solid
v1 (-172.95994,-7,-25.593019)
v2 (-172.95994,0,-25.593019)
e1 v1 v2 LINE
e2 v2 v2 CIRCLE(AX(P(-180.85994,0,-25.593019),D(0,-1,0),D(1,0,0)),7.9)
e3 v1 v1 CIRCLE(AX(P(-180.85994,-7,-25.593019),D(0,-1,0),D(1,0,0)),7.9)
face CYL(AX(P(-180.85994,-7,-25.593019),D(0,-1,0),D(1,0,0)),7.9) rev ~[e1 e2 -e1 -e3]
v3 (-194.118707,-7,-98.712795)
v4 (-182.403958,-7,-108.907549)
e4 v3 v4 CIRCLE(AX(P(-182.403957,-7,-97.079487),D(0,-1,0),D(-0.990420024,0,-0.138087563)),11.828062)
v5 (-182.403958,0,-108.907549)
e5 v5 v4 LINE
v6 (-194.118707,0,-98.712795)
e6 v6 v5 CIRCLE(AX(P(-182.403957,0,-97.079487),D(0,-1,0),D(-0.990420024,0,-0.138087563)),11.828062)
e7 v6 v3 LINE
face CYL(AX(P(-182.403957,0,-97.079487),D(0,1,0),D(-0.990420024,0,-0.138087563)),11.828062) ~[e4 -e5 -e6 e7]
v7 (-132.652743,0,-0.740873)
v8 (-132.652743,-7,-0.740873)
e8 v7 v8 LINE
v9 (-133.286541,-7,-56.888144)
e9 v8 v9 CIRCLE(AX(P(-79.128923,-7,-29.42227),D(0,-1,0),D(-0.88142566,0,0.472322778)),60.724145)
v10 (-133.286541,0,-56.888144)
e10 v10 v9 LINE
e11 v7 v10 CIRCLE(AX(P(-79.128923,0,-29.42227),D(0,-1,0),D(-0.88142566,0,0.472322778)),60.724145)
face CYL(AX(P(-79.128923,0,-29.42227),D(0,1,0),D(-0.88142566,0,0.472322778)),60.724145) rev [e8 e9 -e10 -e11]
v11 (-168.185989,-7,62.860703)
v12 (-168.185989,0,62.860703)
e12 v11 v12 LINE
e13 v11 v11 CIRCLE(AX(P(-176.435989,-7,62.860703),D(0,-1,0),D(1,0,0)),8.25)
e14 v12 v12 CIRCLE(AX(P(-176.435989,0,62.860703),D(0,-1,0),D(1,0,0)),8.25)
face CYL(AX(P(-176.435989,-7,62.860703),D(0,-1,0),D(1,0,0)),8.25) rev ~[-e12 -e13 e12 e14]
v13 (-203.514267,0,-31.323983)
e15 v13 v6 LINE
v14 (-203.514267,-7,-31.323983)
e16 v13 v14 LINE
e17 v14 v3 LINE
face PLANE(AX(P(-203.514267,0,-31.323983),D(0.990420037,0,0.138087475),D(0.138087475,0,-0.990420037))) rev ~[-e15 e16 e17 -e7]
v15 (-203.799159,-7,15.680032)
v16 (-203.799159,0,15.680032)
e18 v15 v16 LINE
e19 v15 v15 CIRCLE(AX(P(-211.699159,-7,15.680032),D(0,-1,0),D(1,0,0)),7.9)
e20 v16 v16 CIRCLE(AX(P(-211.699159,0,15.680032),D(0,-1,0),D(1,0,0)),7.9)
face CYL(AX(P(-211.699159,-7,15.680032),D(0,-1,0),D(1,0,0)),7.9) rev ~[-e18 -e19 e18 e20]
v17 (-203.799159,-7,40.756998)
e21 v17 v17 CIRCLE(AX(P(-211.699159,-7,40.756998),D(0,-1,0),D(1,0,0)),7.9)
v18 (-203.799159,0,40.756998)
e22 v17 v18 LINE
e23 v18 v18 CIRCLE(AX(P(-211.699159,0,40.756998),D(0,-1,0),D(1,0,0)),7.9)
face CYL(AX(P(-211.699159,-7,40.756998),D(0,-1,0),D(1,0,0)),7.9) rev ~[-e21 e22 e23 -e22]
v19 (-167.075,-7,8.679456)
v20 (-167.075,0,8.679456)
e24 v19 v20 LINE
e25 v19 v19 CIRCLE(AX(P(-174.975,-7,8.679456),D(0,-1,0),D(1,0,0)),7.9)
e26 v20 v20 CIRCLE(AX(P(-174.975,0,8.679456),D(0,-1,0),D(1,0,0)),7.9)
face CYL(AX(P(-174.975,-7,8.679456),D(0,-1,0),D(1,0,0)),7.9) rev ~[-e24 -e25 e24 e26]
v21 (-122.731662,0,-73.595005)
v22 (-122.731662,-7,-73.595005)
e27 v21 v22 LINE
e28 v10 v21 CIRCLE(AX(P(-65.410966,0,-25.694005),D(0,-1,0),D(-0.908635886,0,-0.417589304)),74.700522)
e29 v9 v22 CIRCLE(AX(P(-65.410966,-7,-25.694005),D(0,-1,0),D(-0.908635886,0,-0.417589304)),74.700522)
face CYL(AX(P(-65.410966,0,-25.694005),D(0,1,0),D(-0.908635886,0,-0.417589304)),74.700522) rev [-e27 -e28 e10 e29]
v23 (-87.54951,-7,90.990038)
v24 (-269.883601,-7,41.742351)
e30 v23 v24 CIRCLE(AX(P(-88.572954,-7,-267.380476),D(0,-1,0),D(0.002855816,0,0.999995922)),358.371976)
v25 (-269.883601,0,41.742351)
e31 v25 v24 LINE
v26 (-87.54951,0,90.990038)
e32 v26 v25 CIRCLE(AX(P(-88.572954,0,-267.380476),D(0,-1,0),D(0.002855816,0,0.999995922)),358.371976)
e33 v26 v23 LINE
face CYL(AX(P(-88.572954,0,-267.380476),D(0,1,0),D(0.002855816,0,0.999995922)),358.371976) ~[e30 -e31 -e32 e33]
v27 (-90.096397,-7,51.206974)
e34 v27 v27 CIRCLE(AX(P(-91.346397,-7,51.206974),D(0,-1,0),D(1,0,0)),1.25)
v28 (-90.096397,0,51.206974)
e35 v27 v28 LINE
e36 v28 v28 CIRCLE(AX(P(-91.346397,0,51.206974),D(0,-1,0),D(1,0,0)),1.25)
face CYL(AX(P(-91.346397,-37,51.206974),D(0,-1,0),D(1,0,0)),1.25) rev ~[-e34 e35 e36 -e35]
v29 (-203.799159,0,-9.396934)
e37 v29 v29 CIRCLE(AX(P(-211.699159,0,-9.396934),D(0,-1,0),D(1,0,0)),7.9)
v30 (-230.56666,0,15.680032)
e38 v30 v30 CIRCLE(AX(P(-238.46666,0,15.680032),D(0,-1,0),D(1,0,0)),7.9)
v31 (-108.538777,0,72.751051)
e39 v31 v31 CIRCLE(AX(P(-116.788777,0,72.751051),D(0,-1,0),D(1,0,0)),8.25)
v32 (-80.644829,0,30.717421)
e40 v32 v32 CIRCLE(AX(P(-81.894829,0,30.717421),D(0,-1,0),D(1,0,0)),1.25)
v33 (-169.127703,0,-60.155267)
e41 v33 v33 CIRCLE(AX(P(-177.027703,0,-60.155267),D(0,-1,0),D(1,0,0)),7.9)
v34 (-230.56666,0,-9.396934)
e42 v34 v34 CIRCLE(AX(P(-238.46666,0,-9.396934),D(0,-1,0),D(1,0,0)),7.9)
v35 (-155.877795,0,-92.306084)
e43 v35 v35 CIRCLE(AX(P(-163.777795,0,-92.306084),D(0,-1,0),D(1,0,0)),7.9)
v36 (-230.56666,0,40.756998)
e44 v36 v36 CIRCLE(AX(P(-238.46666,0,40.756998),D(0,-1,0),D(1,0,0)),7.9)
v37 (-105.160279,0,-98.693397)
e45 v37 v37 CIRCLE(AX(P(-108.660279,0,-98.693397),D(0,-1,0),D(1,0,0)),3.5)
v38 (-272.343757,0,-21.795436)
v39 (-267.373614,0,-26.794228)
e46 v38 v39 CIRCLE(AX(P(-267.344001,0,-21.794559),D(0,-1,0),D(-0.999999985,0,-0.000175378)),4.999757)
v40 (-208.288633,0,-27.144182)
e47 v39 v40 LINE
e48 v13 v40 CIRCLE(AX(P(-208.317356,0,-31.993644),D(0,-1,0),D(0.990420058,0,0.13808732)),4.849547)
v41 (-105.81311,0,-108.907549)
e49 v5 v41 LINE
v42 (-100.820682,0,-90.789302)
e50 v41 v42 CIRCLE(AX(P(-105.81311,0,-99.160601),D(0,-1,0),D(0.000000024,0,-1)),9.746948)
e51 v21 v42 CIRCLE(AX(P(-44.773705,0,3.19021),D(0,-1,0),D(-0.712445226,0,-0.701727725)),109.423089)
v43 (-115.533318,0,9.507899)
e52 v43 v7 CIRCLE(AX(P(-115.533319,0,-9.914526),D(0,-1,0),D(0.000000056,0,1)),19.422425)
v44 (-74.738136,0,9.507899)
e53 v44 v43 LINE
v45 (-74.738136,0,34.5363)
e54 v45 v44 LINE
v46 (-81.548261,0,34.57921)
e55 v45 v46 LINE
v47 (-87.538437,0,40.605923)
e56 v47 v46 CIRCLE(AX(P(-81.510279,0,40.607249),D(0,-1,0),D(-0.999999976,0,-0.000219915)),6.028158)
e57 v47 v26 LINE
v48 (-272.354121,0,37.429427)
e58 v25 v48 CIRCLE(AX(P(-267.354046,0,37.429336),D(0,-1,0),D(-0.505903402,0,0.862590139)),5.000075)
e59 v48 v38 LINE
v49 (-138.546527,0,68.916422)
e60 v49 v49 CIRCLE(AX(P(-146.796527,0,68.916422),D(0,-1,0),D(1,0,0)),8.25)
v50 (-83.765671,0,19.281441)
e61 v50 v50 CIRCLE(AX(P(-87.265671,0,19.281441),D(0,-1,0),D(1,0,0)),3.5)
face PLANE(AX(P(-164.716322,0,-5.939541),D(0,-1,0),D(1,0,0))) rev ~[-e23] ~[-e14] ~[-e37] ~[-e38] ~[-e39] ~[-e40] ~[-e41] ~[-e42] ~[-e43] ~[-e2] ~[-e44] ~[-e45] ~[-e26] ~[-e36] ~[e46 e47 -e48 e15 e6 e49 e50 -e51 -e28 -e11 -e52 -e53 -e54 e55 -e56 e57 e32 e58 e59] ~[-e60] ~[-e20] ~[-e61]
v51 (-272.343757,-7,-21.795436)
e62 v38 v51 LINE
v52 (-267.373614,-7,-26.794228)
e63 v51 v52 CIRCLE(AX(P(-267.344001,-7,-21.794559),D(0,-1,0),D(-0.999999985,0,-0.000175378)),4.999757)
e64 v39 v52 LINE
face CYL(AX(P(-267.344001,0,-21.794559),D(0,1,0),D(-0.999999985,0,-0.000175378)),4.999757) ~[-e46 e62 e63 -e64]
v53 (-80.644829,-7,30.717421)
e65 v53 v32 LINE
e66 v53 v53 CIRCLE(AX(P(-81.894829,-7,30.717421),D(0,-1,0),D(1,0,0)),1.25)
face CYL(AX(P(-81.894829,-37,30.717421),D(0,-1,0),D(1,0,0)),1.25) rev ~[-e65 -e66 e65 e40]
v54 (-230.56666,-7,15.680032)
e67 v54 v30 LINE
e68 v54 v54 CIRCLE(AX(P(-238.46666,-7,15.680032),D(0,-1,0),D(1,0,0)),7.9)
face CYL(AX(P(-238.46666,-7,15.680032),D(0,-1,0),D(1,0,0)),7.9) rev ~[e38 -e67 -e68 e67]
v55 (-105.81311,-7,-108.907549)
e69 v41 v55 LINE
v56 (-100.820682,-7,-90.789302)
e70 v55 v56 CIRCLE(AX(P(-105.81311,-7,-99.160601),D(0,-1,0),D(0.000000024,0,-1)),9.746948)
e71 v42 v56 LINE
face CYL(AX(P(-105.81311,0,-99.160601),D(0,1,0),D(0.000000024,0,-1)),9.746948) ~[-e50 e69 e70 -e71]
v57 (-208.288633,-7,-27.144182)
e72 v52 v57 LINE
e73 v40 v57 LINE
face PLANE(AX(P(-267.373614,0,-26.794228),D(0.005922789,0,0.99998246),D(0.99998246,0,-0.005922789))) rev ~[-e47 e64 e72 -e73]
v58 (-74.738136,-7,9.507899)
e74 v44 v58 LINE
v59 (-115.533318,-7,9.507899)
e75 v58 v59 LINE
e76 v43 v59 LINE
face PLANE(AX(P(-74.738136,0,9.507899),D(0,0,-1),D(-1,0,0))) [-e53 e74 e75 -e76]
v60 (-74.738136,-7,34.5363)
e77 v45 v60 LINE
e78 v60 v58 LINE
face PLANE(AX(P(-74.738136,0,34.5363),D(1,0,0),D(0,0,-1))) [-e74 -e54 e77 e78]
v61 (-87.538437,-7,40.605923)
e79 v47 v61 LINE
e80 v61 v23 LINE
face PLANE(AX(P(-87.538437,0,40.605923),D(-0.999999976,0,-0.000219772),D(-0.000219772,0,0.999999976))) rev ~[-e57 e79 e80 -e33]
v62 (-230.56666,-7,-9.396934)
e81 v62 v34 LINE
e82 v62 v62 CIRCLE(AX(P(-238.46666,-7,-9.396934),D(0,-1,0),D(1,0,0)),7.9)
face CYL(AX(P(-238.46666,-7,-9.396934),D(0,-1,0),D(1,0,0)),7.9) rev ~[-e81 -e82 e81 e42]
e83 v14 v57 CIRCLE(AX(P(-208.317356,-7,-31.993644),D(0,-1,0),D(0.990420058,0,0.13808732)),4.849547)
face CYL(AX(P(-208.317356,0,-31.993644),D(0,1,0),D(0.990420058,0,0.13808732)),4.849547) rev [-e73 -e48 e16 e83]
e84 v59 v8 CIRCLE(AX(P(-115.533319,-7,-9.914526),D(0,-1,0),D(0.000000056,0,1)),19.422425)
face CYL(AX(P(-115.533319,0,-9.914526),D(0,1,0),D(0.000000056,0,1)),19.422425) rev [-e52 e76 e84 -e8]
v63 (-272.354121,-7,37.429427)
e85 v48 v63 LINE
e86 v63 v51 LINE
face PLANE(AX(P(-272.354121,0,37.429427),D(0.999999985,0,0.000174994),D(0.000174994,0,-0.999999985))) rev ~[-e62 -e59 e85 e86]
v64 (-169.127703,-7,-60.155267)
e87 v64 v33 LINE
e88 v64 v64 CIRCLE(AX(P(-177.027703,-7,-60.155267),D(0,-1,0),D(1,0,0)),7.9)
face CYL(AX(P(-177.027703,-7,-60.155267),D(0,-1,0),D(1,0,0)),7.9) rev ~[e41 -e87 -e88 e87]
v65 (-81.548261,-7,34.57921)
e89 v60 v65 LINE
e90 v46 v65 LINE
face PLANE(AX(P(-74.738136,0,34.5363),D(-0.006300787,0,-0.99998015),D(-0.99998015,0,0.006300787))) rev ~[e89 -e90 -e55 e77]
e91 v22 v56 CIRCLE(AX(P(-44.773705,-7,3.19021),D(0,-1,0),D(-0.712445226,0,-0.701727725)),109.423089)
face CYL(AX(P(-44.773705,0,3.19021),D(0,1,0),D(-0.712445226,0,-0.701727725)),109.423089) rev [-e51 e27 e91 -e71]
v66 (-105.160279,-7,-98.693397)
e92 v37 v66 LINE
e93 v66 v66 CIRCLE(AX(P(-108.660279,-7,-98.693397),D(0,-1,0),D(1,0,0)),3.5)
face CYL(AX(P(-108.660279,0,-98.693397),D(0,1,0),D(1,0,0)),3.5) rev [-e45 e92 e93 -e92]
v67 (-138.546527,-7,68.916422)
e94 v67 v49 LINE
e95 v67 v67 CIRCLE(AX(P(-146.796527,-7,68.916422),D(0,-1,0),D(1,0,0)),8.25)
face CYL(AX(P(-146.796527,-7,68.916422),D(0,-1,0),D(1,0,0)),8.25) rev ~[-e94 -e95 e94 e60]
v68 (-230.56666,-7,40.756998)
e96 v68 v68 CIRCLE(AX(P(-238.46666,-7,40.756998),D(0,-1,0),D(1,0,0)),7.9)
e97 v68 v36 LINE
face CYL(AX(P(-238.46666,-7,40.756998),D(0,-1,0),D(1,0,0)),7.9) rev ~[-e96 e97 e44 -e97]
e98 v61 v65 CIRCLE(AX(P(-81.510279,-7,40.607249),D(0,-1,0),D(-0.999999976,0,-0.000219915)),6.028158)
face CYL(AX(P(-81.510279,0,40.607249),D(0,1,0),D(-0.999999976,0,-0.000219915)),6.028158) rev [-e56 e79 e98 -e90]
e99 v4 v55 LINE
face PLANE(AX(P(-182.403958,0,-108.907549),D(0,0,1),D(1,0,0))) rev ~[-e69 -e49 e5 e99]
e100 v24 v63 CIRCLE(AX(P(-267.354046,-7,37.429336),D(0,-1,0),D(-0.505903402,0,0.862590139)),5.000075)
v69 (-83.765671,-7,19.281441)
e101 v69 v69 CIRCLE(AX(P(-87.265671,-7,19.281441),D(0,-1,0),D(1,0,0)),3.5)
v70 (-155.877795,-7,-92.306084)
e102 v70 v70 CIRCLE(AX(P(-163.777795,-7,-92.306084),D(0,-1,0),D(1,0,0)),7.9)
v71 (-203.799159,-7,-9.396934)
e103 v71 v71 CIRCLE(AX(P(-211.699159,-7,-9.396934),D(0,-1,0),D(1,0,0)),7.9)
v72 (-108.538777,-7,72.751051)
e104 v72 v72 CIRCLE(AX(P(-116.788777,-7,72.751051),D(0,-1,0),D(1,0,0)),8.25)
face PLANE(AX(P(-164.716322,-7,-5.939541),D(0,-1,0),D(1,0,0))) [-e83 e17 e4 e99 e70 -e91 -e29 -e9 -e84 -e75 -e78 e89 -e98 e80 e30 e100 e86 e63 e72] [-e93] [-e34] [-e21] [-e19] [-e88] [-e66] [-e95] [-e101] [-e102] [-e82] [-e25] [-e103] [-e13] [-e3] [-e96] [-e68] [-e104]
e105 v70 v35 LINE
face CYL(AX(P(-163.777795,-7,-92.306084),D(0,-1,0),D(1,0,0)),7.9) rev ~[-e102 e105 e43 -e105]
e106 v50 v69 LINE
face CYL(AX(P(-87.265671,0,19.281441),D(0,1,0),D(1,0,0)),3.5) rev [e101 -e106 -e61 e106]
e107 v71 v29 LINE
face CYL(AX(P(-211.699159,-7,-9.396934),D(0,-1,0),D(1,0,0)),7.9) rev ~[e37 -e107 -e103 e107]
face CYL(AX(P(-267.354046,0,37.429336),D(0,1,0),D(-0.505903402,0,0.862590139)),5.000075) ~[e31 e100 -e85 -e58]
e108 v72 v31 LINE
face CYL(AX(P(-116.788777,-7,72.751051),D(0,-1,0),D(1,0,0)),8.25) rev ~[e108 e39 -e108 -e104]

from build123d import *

# Parameters (mm, degrees)
MIRROREDSKETCH_R      = 3.5
PAD022_DEPTH          = 7
MIRROREDSKETCH001_R   = 1.25
POCKET031_DEPTH       = 37.001
MIRROREDSKETCH002_R   = 7.9
MIRROREDSKETCH002_R_2 = 8.25
POCKET032_DEPTH       = 7.001


with BuildPart() as part:
    # MirroredSketch → Pad022 (new body)
    with BuildSketch(Plane.XZ):
        with BuildLine():
            Line((-272.354121, 37.429427), (-272.343757, -21.795436))
            ThreePointArc((-272.343757, -21.795436), (-270.889508, -25.319746), (-267.373614, -26.794228))
            Line((-267.373614, -26.794228), (-208.288633, -27.144182))
            ThreePointArc((-203.514267, -31.323983), (-205.122941, -28.344833), (-208.288633, -27.144182))
            Line((-203.514267, -31.323983), (-194.118707, -98.712795))
            ThreePointArc((-194.118707, -98.712795), (-190.168756, -106.001984), (-182.403958, -108.907549))
            Line((-182.403958, -108.907549), (-105.81311, -108.907549))
            ThreePointArc((-105.81311, -108.907549), (-96.416366, -101.749846), (-100.820682, -90.789302))
            ThreePointArc((-122.731662, -73.595005), (-112.325474, -82.892139), (-100.820682, -90.789302))
            ThreePointArc((-133.286541, -56.888144), (-128.564005, -65.592146), (-122.731662, -73.595005))
            ThreePointArc((-132.652743, -0.740873), (-139.8492, -28.736851), (-133.286541, -56.888144))
            ThreePointArc((-115.533318, 9.507899), (-125.509691, 6.749885), (-132.652743, -0.740873))
            Line((-74.738136, 9.507899), (-115.533318, 9.507899))
            Line((-74.738136, 34.5363), (-74.738136, 9.507899))
            Line((-74.738136, 34.5363), (-81.548261, 34.57921))
            ThreePointArc((-87.538437, 40.605923), (-85.785771, 36.357677), (-81.548261, 34.57921))
            Line((-87.538437, 40.605923), (-87.54951, 90.990038))
            ThreePointArc((-87.54951, 90.990038), (-182.019209, 78.593902), (-269.883601, 41.742351))
            ThreePointArc((-269.883601, 41.742351), (-271.692728, 39.91461), (-272.354121, 37.429427))
        make_face()
        with Locations((-87.265671, 19.281441)):
            Circle(MIRROREDSKETCH_R, mode=Mode.SUBTRACT)
        with Locations((-108.660279, -98.693397)):
            Circle(MIRROREDSKETCH_R, mode=Mode.SUBTRACT)
    extrude(amount=PAD022_DEPTH)

    # MirroredSketch001 → Pocket031 (cut, through all)
    with BuildSketch(Plane.XZ.offset(37)):
        with Locations((-81.894829, 30.717421)):
            Circle(MIRROREDSKETCH001_R)
        with Locations((-91.346397, 51.206974)):
            Circle(MIRROREDSKETCH001_R)
    extrude(amount=-POCKET031_DEPTH, mode=Mode.SUBTRACT)

    # MirroredSketch002 → Pocket032 (cut, through all)
    with BuildSketch(Plane.XZ.offset(7)):
        with Locations((-211.699159, 15.680032)):
            Circle(MIRROREDSKETCH002_R)
        with Locations((-211.699159, -9.396934)):
            Circle(MIRROREDSKETCH002_R)
        with Locations((-238.46666, 15.680032)):
            Circle(MIRROREDSKETCH002_R)
        with Locations((-238.46666, -9.396934)):
            Circle(MIRROREDSKETCH002_R)
        with Locations((-211.699159, 40.756998)):
            Circle(MIRROREDSKETCH002_R)
        with Locations((-238.46666, 40.756998)):
            Circle(MIRROREDSKETCH002_R)
        with Locations((-180.85994, -25.593019)):
            Circle(MIRROREDSKETCH002_R)
        with Locations((-177.027703, -60.155267)):
            Circle(MIRROREDSKETCH002_R)
        with Locations((-163.777795, -92.306084)):
            Circle(MIRROREDSKETCH002_R)
        with Locations((-174.975, 8.679456)):
            Circle(MIRROREDSKETCH002_R)
        with Locations((-116.788777, 72.751051)):
            Circle(MIRROREDSKETCH002_R_2)
        with Locations((-146.796527, 68.916422)):
            Circle(MIRROREDSKETCH002_R_2)
        with Locations((-176.435989, 62.860703)):
            Circle(MIRROREDSKETCH002_R_2)
    extrude(amount=-POCKET032_DEPTH, mode=Mode.SUBTRACT)


solid = part.part
